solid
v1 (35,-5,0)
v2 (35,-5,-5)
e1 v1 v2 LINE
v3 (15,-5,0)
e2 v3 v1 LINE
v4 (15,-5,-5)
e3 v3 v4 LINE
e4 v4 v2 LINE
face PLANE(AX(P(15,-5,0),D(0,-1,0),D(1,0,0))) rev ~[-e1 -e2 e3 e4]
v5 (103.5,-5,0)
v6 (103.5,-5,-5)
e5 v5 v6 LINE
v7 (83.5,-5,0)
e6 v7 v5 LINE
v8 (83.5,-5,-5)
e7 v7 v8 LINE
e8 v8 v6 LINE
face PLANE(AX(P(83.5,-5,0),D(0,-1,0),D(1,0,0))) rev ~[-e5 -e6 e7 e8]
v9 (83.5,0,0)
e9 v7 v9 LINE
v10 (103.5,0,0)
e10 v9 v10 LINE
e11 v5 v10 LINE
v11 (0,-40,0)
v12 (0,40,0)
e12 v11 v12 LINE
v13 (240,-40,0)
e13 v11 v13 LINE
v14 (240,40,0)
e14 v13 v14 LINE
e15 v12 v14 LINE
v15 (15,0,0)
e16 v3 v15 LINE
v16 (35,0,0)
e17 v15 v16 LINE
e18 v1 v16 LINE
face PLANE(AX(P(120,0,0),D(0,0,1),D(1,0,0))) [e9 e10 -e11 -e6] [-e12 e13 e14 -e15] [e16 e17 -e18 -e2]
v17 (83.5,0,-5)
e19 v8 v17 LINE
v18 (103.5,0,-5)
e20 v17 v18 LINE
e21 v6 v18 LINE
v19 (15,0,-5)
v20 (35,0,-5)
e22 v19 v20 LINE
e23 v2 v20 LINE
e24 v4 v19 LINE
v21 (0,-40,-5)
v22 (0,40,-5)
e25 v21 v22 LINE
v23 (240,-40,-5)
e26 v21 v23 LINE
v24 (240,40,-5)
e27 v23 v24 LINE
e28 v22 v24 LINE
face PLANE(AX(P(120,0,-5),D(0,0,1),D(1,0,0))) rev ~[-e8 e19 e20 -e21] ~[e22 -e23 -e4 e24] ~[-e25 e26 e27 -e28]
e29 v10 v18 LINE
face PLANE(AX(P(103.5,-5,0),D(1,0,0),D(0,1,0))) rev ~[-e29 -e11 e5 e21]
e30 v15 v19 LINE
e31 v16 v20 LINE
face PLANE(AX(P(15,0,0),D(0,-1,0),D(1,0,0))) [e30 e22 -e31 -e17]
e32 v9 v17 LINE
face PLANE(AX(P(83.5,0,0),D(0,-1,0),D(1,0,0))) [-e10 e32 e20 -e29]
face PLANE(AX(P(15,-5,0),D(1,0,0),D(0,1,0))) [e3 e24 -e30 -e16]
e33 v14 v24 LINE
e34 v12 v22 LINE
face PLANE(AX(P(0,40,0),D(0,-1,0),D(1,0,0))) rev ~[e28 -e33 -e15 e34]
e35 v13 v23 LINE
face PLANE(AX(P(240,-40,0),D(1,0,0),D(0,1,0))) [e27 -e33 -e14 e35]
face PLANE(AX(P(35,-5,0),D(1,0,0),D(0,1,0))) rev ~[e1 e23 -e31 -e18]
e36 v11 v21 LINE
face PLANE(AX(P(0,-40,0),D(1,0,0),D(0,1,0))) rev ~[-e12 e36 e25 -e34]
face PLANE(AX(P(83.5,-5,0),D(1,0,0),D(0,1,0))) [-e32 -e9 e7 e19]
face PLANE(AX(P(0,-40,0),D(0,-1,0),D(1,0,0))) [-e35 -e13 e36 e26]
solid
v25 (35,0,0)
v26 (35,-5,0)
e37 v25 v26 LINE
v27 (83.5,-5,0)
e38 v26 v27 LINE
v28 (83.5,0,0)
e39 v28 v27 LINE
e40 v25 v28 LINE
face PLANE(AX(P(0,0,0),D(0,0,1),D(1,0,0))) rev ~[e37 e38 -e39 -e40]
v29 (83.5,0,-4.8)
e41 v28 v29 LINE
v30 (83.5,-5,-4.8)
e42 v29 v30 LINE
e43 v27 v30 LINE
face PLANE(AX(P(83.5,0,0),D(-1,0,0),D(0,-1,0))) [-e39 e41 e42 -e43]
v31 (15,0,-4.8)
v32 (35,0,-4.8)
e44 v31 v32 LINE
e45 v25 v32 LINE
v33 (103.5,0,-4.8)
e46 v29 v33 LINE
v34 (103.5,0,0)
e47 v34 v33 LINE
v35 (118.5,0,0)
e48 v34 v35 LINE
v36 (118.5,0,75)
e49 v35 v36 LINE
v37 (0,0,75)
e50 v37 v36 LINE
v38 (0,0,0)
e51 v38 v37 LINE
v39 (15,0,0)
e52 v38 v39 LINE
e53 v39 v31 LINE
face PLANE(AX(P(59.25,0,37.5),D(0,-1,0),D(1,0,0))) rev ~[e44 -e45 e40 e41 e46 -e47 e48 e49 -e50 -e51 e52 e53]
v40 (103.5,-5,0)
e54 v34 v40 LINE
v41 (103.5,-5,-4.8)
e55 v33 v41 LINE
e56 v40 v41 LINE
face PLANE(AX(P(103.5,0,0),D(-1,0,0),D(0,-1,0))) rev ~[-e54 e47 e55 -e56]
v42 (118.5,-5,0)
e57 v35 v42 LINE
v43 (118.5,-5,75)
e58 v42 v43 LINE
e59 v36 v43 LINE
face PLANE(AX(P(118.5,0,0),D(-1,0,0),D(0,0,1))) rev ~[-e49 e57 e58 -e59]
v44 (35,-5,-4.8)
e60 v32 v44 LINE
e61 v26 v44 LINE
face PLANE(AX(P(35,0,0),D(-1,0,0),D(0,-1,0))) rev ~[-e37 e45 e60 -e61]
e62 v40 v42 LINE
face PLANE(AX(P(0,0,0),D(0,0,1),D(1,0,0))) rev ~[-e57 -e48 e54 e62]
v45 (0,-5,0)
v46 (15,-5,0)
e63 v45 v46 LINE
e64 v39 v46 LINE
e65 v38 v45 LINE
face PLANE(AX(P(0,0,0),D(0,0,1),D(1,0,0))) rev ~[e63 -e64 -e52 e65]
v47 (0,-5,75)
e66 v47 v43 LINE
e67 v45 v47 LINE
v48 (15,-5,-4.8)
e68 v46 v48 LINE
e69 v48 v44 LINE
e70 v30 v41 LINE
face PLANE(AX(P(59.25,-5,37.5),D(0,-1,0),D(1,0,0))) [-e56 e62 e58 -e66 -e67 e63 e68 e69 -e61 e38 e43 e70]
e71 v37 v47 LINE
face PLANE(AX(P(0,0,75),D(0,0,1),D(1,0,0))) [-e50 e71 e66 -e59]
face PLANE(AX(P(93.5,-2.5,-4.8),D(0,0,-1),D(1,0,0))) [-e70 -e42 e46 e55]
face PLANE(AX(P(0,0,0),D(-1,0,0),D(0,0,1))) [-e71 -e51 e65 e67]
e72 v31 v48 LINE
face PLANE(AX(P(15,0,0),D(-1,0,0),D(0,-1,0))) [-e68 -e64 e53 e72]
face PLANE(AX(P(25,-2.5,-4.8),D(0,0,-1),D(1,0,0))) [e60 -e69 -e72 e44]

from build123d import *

# Parameters (mm, degrees)
SKETCH_W      = 118.5
SKETCH_H      = 75
PAD_DEPTH     = 5
SKETCH001_W   = 20
SKETCH001_H   = 5
PAD001_DEPTH  = 4.8
SKETCH002_W   = 240
SKETCH002_H   = 80
SKETCH002_W_2 = 20
SKETCH002_H_2 = 5
PAD002_DEPTH  = 5


with BuildPart() as body:
    # Sketch → Pad (new body)
    with BuildSketch(Plane.XZ):
        with Locations((59.25, 37.5)):
            Rectangle(SKETCH_W, SKETCH_H)
    extrude(amount=PAD_DEPTH)

    # Sketch001 (on Face1 of Pad) → Pad001 (join)
    with BuildSketch(Plane(origin=(0, 0, 0), x_dir=(1, 0, 0), z_dir=(0, 0, -1))):
        with Locations((25, 2.5)):
            Rectangle(SKETCH001_W, SKETCH001_H)
        with Locations((93.5, 2.5)):
            Rectangle(SKETCH001_W, SKETCH001_H)
    extrude(amount=PAD001_DEPTH)


with BuildPart() as body001:
    # Sketch002 → Pad002 (new body)
    with BuildSketch(Plane.XY):
        with Locations((120, 0)):
            Rectangle(SKETCH002_W, SKETCH002_H)
        with Locations((25, -2.5)):
            Rectangle(SKETCH002_W_2, SKETCH002_H_2, mode=Mode.SUBTRACT)
        with Locations((93.5, -2.5)):
            Rectangle(SKETCH002_W_2, SKETCH002_H_2, mode=Mode.SUBTRACT)
    extrude(amount=-PAD002_DEPTH)


solid = Compound([body.part, body001.part])
